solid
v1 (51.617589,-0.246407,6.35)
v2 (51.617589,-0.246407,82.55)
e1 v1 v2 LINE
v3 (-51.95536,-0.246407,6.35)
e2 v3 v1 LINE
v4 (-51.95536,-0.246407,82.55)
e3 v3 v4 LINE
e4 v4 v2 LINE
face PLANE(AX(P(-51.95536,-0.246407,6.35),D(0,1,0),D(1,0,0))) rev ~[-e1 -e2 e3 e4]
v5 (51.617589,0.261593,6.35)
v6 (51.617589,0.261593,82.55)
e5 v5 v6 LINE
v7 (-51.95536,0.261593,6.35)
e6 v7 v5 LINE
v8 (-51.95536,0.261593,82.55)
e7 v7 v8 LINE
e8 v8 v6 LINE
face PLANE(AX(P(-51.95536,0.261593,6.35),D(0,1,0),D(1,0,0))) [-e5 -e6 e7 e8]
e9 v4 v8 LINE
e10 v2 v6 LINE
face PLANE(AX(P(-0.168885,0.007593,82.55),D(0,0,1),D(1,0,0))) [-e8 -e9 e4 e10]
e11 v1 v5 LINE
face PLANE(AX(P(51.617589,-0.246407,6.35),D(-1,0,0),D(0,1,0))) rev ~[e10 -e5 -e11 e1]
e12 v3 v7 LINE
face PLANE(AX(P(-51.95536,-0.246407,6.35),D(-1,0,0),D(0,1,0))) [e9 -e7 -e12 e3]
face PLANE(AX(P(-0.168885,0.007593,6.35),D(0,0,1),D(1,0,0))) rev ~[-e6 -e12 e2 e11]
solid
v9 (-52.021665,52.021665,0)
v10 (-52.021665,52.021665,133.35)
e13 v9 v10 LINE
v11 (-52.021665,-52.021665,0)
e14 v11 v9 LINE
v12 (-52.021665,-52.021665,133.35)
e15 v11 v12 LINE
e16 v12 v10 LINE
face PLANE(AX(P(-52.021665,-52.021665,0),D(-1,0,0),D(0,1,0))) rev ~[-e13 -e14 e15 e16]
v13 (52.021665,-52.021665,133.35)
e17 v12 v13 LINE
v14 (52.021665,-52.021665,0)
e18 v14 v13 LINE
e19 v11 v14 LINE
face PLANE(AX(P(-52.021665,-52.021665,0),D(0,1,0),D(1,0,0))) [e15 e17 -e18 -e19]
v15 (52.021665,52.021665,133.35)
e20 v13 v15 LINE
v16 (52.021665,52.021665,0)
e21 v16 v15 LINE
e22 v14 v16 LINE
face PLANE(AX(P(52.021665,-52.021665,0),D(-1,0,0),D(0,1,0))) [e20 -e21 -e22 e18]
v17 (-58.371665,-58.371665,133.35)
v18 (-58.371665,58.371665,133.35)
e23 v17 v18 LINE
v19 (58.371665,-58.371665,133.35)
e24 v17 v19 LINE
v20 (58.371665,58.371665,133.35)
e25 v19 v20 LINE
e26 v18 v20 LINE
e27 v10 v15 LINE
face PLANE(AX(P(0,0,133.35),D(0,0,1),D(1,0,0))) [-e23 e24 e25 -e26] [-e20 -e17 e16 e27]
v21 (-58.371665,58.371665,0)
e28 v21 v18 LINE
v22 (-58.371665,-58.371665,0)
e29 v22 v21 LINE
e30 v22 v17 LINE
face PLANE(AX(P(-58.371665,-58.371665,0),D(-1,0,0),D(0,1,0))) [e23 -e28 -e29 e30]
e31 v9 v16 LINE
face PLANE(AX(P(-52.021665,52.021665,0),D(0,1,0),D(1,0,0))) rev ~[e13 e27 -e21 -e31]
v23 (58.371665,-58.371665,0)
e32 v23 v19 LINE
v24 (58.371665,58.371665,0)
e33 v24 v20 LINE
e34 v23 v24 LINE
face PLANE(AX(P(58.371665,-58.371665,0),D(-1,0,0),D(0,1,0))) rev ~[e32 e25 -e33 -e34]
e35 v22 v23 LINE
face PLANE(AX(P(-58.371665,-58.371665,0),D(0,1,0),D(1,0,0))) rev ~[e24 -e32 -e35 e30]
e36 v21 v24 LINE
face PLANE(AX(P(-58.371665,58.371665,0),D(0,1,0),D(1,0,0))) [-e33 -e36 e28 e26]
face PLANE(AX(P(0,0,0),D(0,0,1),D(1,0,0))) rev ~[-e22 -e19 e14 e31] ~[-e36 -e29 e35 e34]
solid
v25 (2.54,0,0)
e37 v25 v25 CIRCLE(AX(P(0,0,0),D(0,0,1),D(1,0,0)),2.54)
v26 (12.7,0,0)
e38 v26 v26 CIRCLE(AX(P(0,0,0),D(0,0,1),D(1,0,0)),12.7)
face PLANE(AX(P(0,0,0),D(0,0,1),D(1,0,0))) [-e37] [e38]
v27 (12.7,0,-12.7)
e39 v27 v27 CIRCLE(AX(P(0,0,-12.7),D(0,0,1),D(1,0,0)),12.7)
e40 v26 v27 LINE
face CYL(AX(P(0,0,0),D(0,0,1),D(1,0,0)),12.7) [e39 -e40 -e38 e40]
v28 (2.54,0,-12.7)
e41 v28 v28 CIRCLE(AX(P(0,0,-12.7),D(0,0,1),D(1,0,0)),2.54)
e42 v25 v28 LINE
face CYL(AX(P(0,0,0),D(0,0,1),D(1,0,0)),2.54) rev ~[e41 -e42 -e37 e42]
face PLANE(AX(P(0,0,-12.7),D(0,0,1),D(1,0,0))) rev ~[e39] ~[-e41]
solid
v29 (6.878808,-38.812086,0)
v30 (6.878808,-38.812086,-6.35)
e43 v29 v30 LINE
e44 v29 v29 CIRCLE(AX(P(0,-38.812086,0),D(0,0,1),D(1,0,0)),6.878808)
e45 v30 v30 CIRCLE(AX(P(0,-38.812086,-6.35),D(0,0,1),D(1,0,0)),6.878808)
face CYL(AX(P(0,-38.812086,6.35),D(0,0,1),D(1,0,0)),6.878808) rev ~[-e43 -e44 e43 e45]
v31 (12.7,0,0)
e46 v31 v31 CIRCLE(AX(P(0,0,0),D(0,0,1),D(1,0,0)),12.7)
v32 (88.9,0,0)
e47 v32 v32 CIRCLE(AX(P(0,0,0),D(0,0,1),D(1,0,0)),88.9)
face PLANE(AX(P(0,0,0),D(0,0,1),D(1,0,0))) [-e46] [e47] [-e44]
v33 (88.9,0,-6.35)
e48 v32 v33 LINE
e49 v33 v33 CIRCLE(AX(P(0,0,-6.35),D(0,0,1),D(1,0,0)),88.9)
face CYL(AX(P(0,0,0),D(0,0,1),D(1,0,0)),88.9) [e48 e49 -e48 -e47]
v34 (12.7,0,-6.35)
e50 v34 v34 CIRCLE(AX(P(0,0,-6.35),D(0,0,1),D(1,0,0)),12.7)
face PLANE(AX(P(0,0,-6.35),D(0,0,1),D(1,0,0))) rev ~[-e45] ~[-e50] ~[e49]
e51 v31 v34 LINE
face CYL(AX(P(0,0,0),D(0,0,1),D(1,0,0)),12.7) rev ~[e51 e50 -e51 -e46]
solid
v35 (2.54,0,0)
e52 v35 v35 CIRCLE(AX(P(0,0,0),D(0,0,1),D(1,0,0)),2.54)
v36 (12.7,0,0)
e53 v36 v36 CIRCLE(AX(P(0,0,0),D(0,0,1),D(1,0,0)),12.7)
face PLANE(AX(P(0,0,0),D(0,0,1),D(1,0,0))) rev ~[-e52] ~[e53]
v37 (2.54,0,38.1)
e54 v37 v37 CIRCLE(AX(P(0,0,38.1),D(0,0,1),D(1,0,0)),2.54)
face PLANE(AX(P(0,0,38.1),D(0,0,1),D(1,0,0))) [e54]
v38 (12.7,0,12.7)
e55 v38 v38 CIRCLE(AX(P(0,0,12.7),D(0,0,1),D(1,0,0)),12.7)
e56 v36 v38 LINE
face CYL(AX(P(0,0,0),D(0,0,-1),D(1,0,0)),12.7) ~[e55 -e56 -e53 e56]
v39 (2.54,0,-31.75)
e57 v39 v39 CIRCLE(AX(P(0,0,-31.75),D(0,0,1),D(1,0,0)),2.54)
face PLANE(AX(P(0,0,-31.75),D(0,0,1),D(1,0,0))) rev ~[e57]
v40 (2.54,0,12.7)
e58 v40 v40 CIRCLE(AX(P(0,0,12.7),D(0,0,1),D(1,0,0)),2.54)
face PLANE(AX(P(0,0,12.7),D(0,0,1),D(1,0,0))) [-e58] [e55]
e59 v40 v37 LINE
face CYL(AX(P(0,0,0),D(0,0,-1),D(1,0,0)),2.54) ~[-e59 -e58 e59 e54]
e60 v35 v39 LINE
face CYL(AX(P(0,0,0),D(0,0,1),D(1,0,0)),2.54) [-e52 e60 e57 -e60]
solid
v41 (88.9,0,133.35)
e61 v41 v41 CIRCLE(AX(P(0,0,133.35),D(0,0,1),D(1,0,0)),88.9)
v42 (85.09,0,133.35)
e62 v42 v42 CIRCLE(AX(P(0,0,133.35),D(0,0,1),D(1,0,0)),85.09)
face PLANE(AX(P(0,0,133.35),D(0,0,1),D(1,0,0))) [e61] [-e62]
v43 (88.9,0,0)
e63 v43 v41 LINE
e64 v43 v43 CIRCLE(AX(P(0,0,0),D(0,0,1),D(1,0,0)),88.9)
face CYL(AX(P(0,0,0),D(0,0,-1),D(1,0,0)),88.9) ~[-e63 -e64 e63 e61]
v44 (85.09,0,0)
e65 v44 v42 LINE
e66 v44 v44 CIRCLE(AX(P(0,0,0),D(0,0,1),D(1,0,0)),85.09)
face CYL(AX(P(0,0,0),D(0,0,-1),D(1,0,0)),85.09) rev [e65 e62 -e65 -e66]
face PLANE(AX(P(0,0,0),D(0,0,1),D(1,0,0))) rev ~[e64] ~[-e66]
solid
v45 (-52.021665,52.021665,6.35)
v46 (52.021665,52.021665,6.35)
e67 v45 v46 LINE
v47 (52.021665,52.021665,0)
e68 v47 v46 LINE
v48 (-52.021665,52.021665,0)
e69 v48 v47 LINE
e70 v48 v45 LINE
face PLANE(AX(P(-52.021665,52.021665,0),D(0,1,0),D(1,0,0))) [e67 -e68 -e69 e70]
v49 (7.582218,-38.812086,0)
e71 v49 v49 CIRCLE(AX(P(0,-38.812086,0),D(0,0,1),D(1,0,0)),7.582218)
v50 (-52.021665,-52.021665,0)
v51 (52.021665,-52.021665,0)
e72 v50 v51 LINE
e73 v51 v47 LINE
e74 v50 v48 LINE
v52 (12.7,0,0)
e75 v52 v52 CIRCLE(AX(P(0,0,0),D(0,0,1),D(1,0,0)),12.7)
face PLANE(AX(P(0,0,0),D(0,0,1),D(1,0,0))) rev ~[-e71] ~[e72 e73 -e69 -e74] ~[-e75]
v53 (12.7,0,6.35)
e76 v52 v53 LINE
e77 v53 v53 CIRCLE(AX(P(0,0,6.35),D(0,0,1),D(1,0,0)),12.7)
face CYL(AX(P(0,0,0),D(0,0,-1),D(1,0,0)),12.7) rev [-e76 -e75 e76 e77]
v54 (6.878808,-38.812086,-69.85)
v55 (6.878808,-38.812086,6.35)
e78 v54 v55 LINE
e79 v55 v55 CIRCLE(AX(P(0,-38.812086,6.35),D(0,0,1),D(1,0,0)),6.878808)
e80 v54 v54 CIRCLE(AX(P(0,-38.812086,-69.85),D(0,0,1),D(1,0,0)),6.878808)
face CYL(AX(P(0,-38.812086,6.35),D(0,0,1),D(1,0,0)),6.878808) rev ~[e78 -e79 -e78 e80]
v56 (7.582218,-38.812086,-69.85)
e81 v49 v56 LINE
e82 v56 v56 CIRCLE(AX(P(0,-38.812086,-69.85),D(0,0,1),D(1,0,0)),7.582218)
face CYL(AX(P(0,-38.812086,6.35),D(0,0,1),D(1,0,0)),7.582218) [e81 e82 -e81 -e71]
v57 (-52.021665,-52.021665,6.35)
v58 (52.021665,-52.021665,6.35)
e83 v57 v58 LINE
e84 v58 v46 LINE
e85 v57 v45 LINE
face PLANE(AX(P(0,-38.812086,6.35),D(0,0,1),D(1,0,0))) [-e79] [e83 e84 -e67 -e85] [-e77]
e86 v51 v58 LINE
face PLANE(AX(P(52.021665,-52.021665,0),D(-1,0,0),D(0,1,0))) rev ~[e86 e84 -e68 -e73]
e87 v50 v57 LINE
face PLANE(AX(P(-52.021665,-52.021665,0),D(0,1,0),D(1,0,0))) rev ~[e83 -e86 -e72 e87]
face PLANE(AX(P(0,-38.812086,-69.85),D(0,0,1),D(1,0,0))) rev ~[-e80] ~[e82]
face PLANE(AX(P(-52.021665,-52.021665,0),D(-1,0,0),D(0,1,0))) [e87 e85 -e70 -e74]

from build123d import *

# Parameters (mm, degrees)
F0_R      = 88.9
F0_R_2    = 85.09
F1_DEPTH  = 133.35
F0_W      = 116.7433295739
F0_H      = 116.7433295739
F0_W_2    = 104.0433295739
F0_H_2    = 104.0433295739
F2_DEPTH  = 133.35
F0_R_3    = 12.7
F0_R_4    = 2.54
F3_DEPTH  = 12.7
F4_DEPTH  = 6.35
F5_DEPTH  = 38.1
F6_DEPTH  = 6.35
F7_DEPTH  = 31.75
F8_DEPTH  = 12.7
F9_R      = 7.5822179206
F9_R_2    = 6.878807978
F10_DEPTH = 76.2
F11_DEPTH = 76.201
F12_DEPTH = 12.7
F13_W     = 103.5729488625
F13_H     = 0.508
F14_DEPTH = 76.2


with BuildPart() as f1:
    # F0 (on Top) → F1 (new body)
    with BuildSketch(Plane.XY):
        Circle(F0_R)
        Circle(F0_R_2, mode=Mode.SUBTRACT)
    extrude(amount=F1_DEPTH)

    # F9 (on face) → F12 (cut)
    with BuildSketch(Plane.XY.offset(6.35)):
        with Locations((0, -38.8120859861)):
            Circle(F9_R_2)
    extrude(amount=-F12_DEPTH, mode=Mode.SUBTRACT)


with BuildPart() as f2:
    # F0 (on Top) → F2 (new body)
    with BuildSketch(Plane.XY):
        Rectangle(F0_W, F0_H)
        Rectangle(F0_W_2, F0_H_2, mode=Mode.SUBTRACT)
    extrude(amount=F2_DEPTH)


with BuildPart() as f3:
    # F0 (on Top) → F3 (new body)
    with BuildSketch(Plane.XY):
        Circle(F0_R_3)
        Circle(F0_R_4, mode=Mode.SUBTRACT)
    extrude(amount=F3_DEPTH)

    # F0 (on Top) → F5 (join)
    with BuildSketch(Plane.XY):
        Circle(F0_R_4)
    extrude(amount=F5_DEPTH)

    # F0 (on Top) → F7 (join)
    with BuildSketch(Plane.XY):
        Circle(F0_R_4)
    extrude(amount=-F7_DEPTH)


with BuildPart() as f4:
    # F0 (on Top) → F4 (new body)
    with BuildSketch(Plane.XY):
        Rectangle(F0_W_2, F0_H_2)
        Circle(F0_R_3, mode=Mode.SUBTRACT)
    extrude(amount=F4_DEPTH)

    # F9 (on face) → F10 (join)
    with BuildSketch(Plane.XY.offset(6.35)):
        with Locations((0, -38.8120859861)):
            Circle(F9_R)
        with Locations((0, -38.8120859861)):
            Circle(F9_R_2, mode=Mode.SUBTRACT)
    extrude(amount=-F10_DEPTH)


with BuildPart() as f6:
    # F0 (on Top) → F6 (new body)
    with BuildSketch(Plane.XY):
        Circle(F0_R)
        Circle(F0_R_2, mode=Mode.SUBTRACT)
        Circle(F0_R_2)
        Rectangle(F0_W, F0_H, mode=Mode.SUBTRACT)
        Rectangle(F0_W, F0_H)
        Rectangle(F0_W_2, F0_H_2, mode=Mode.SUBTRACT)
        Rectangle(F0_W_2, F0_H_2)
        Circle(F0_R_3, mode=Mode.SUBTRACT)
    extrude(amount=-F6_DEPTH)


with BuildPart() as f8:
    # F0 (on Top) → F8 (new body)
    with BuildSketch(Plane.XY):
        Circle(F0_R_3)
        Circle(F0_R_4, mode=Mode.SUBTRACT)
    extrude(amount=-F8_DEPTH)


with BuildPart() as f11_tool:
    # F9 (on face) → F11 (new body, through all)
    with BuildSketch(Plane.XY.offset(6.35)):
        with Locations((0, -38.8120859861)):
            Circle(F9_R_2)
    extrude(amount=-F11_DEPTH)


with BuildPart() as f4_1:
    add(f4.part)

    # F11: cut by f11_tool
    add(f11_tool.part, mode=Mode.SUBTRACT)


with BuildPart() as f6_1:
    add(f6.part)

    # F11: cut by f11_tool
    add(f11_tool.part, mode=Mode.SUBTRACT)


with BuildPart() as f14:
    # F13 (on face) → F14 (new body)
    with BuildSketch(Plane.XY.offset(6.35)):
        with Locations((-0.1688851044, 0.0075928365)):
            Rectangle(F13_W, F13_H)
    extrude(amount=F14_DEPTH)


solid = Compound([f1.part, f2.part, f3.part, f8.part, f4_1.part, f6_1.part, f14.part])
